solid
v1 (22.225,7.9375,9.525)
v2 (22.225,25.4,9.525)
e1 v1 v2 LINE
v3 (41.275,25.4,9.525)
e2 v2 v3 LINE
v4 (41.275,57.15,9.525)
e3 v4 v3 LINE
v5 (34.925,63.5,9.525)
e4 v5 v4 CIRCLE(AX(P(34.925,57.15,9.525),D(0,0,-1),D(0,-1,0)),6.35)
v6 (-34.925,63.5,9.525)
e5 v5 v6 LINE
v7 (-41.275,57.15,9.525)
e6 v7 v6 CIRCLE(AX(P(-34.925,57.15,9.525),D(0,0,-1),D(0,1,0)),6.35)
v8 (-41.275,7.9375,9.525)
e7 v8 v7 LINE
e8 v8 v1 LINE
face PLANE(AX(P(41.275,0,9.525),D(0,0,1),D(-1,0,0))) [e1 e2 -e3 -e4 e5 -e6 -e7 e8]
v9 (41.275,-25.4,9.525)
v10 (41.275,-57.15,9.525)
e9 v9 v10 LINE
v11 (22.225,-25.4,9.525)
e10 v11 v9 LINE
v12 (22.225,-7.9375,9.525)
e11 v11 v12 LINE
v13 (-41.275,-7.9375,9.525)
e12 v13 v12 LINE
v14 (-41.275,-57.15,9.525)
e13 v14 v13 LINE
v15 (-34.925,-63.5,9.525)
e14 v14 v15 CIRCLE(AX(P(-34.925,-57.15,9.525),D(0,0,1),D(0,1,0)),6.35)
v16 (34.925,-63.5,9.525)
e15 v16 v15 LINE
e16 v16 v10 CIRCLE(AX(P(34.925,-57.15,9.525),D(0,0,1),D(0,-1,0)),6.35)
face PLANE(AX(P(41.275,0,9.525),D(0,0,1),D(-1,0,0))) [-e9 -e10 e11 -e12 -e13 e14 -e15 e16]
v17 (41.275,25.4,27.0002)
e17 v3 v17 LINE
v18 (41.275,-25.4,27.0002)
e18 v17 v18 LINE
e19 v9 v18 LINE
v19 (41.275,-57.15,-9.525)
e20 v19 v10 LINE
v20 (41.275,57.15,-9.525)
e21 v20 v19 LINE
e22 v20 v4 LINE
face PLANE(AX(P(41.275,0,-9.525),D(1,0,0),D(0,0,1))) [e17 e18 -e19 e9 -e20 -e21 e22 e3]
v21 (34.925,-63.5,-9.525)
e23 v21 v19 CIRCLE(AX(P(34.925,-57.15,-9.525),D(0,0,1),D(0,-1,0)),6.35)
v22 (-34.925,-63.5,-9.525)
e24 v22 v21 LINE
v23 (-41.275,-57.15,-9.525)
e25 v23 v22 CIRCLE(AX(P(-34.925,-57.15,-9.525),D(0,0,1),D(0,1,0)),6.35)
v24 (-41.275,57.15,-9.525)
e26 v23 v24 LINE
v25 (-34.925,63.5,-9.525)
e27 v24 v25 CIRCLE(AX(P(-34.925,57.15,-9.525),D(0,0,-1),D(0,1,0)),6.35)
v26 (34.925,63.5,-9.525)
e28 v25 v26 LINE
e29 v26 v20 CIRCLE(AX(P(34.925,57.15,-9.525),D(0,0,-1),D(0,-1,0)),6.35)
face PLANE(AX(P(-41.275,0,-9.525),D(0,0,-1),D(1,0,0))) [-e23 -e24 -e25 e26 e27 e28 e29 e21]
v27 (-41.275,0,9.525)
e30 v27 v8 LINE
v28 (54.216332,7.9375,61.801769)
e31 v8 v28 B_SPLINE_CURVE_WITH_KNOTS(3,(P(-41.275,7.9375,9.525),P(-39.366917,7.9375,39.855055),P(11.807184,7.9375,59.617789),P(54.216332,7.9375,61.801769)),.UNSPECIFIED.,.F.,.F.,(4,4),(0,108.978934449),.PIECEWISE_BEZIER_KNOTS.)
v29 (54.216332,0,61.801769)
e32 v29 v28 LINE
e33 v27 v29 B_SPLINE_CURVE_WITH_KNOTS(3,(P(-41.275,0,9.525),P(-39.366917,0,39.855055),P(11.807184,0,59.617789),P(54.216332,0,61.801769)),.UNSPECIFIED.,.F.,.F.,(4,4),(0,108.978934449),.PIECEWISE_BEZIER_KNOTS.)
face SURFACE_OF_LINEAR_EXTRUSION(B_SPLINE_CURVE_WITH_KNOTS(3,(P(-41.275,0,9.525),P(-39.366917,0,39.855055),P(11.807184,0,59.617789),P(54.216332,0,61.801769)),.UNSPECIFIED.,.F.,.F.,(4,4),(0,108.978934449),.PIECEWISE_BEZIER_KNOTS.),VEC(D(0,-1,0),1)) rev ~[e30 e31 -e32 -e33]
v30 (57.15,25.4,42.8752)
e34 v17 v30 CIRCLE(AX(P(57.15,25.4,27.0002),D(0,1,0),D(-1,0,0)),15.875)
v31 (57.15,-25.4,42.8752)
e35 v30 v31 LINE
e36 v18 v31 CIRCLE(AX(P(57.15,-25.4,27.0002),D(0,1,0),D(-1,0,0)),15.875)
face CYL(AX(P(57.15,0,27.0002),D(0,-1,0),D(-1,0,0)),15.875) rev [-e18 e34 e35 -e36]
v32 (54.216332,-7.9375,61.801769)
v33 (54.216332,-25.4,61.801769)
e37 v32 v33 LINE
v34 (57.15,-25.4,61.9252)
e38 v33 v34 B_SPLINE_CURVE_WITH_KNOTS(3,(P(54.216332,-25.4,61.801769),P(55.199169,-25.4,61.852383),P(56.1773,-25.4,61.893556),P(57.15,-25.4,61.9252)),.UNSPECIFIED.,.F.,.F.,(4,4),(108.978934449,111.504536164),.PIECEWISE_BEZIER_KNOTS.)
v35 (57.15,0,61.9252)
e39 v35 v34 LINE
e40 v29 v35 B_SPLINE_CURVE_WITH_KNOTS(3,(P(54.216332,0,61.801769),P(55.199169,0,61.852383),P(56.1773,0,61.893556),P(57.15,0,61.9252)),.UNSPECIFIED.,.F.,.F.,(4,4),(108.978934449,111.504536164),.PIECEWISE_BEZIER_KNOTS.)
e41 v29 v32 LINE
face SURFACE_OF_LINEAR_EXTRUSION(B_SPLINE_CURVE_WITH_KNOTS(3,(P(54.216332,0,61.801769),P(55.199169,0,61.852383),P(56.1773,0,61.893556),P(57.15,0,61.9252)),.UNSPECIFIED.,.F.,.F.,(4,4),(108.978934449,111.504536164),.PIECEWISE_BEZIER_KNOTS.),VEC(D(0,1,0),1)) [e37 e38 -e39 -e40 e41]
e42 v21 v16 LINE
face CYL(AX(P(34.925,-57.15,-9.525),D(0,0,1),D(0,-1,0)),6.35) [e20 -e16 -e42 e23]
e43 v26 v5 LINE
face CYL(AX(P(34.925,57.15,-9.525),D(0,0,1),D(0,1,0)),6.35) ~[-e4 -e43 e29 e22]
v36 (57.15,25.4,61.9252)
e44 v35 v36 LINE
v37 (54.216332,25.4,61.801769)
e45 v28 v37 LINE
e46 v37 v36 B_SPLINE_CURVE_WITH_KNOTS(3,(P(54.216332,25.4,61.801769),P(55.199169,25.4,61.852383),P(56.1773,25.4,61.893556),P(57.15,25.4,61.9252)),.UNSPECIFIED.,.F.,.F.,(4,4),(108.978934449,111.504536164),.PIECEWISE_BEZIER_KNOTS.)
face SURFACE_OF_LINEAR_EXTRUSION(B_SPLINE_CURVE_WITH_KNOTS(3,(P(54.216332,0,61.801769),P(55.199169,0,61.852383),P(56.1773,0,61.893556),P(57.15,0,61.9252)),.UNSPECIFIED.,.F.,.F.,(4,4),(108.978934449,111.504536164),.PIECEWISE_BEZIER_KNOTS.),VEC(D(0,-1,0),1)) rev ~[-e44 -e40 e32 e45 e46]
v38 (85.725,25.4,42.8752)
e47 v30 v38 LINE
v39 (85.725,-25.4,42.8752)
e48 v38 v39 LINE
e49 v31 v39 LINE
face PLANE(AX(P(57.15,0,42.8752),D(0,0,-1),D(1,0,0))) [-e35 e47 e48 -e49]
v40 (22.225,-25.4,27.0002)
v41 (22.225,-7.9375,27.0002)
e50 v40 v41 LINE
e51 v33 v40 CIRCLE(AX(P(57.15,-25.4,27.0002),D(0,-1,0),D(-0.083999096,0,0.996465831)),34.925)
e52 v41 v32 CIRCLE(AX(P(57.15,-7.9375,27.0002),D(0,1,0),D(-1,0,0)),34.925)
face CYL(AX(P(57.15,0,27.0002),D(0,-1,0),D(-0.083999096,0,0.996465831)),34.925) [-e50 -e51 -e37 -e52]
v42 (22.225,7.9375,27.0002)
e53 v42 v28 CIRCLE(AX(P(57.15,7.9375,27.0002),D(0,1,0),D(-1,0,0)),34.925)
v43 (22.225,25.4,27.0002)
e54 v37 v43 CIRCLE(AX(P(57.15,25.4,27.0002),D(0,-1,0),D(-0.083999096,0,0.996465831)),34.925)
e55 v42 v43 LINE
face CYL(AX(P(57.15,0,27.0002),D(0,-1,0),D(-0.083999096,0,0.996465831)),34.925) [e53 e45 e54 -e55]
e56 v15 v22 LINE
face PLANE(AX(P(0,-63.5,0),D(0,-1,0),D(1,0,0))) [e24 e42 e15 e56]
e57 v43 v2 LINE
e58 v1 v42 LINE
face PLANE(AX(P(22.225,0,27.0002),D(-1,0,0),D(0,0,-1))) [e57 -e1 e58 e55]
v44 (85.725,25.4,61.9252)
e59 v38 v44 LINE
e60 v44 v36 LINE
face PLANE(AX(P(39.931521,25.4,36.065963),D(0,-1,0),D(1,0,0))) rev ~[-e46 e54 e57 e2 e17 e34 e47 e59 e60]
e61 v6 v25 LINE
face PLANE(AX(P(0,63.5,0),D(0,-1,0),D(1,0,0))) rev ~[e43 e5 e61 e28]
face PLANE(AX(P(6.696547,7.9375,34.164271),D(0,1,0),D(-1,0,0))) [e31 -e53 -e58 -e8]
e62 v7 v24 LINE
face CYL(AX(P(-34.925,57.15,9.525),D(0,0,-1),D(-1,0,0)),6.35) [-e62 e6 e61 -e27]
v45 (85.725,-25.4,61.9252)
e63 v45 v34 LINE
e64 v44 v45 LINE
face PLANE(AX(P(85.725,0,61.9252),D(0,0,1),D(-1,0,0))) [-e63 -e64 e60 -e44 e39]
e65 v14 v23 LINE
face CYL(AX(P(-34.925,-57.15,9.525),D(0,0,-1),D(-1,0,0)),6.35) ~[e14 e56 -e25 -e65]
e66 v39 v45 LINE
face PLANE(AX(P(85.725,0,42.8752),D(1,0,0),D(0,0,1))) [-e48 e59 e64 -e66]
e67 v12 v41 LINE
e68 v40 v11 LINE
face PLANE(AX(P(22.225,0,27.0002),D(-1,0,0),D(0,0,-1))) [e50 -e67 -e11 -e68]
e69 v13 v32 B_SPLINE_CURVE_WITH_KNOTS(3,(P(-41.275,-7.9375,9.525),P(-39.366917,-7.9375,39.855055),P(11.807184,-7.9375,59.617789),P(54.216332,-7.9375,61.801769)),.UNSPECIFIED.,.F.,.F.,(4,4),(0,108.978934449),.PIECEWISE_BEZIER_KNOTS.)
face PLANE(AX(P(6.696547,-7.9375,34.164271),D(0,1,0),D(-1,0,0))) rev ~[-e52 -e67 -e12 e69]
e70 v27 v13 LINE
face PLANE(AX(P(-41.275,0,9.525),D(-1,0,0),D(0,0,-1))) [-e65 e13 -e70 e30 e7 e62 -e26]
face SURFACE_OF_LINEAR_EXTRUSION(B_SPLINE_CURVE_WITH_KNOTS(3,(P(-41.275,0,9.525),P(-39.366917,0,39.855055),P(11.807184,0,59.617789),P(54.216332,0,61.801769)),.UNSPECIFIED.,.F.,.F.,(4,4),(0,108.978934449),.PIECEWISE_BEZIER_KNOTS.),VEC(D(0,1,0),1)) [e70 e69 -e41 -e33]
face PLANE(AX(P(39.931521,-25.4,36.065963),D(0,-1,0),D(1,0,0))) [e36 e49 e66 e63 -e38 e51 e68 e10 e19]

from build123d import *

# Parameters (mm, degrees)
F1_DEPTH = 63.5
F0_W     = 25.4
F0_H     = 19.05
F2_DEPTH = 25.4
F3_DEPTH = 7.9375
F4_R     = 6.35


with BuildPart() as f1:
    # F0 (on Front) → F1 (new body, symmetric)
    with BuildSketch(Plane.XZ):
        Polygon((-41.275, -9.525), (41.275, -9.525), (41.275, 9.525), (22.225, 9.525), (-41.275, 9.525), align=None)
    extrude(amount=F1_DEPTH, both=True)

    # F0 (on Front) → F2 (join, symmetric)
    with BuildSketch(Plane.XZ):
        with BuildLine():
            Line((22.225, 9.525), (41.275, 9.525))
            Line((41.275, 9.525), (41.275, 27.0002))
            ThreePointArc((41.275, 27.0002), (45.9246798487, 38.2255201513), (57.15, 42.8752))
            Line((57.15, 42.8752), (60.325, 42.8752))
            Line((60.325, 42.8752), (60.325, 61.9252))
            Line((60.325, 61.9252), (57.15, 61.9252))
            add(Edge.make_bspline(
                [(54.2163315583, 61.8017691381), (55.1991693528, 61.8523831692), (56.1772996051, 61.8935558804), (57.15, 61.9252)],
                knots=[108.9789344494, 108.9789344494, 108.9789344494, 108.9789344494, 111.5045361635, 111.5045361635, 111.5045361635, 111.5045361635], degree=3))
            ThreePointArc((54.2163315583, 61.8017691381), (31.4379989564, 50.6359489269), (22.225, 27.0002))
            Line((22.225, 27.0002), (22.225, 9.525))
        make_face()
        with Locations((73.025, 52.4002)):
            Rectangle(F0_W, F0_H)
    extrude(amount=F2_DEPTH, both=True)

    # F0 (on Front) → F3 (join, symmetric)
    with BuildSketch(Plane.XZ):
        with BuildLine():
            add(Edge.make_bspline(
                [(-41.275, 9.525), (-39.3669167173, 39.8550550116), (11.8071840745, 59.6177893167), (54.2163315583, 61.8017691381)],
                knots=[0, 0, 0, 0, 108.9789344494, 108.9789344494, 108.9789344494, 108.9789344494], degree=3))
            Line((-41.275, 9.525), (22.225, 9.525))
            Line((22.225, 9.525), (22.225, 27.0002))
            ThreePointArc((22.225, 27.0002), (31.4379989564, 50.6359489269), (54.2163315583, 61.8017691381))
        make_face()
    extrude(amount=F3_DEPTH, both=True)

    # F4
    f4_edges = [f1.edges().sort_by_distance(p)[0] for p in [
        (41.275, -63.5, 0),
        (-41.275, -63.5, 0),
        (41.275, 63.5, 0),
        (-41.275, 63.5, 0),
    ]]
    fillet(f4_edges, radius=F4_R)


solid = f1.part
